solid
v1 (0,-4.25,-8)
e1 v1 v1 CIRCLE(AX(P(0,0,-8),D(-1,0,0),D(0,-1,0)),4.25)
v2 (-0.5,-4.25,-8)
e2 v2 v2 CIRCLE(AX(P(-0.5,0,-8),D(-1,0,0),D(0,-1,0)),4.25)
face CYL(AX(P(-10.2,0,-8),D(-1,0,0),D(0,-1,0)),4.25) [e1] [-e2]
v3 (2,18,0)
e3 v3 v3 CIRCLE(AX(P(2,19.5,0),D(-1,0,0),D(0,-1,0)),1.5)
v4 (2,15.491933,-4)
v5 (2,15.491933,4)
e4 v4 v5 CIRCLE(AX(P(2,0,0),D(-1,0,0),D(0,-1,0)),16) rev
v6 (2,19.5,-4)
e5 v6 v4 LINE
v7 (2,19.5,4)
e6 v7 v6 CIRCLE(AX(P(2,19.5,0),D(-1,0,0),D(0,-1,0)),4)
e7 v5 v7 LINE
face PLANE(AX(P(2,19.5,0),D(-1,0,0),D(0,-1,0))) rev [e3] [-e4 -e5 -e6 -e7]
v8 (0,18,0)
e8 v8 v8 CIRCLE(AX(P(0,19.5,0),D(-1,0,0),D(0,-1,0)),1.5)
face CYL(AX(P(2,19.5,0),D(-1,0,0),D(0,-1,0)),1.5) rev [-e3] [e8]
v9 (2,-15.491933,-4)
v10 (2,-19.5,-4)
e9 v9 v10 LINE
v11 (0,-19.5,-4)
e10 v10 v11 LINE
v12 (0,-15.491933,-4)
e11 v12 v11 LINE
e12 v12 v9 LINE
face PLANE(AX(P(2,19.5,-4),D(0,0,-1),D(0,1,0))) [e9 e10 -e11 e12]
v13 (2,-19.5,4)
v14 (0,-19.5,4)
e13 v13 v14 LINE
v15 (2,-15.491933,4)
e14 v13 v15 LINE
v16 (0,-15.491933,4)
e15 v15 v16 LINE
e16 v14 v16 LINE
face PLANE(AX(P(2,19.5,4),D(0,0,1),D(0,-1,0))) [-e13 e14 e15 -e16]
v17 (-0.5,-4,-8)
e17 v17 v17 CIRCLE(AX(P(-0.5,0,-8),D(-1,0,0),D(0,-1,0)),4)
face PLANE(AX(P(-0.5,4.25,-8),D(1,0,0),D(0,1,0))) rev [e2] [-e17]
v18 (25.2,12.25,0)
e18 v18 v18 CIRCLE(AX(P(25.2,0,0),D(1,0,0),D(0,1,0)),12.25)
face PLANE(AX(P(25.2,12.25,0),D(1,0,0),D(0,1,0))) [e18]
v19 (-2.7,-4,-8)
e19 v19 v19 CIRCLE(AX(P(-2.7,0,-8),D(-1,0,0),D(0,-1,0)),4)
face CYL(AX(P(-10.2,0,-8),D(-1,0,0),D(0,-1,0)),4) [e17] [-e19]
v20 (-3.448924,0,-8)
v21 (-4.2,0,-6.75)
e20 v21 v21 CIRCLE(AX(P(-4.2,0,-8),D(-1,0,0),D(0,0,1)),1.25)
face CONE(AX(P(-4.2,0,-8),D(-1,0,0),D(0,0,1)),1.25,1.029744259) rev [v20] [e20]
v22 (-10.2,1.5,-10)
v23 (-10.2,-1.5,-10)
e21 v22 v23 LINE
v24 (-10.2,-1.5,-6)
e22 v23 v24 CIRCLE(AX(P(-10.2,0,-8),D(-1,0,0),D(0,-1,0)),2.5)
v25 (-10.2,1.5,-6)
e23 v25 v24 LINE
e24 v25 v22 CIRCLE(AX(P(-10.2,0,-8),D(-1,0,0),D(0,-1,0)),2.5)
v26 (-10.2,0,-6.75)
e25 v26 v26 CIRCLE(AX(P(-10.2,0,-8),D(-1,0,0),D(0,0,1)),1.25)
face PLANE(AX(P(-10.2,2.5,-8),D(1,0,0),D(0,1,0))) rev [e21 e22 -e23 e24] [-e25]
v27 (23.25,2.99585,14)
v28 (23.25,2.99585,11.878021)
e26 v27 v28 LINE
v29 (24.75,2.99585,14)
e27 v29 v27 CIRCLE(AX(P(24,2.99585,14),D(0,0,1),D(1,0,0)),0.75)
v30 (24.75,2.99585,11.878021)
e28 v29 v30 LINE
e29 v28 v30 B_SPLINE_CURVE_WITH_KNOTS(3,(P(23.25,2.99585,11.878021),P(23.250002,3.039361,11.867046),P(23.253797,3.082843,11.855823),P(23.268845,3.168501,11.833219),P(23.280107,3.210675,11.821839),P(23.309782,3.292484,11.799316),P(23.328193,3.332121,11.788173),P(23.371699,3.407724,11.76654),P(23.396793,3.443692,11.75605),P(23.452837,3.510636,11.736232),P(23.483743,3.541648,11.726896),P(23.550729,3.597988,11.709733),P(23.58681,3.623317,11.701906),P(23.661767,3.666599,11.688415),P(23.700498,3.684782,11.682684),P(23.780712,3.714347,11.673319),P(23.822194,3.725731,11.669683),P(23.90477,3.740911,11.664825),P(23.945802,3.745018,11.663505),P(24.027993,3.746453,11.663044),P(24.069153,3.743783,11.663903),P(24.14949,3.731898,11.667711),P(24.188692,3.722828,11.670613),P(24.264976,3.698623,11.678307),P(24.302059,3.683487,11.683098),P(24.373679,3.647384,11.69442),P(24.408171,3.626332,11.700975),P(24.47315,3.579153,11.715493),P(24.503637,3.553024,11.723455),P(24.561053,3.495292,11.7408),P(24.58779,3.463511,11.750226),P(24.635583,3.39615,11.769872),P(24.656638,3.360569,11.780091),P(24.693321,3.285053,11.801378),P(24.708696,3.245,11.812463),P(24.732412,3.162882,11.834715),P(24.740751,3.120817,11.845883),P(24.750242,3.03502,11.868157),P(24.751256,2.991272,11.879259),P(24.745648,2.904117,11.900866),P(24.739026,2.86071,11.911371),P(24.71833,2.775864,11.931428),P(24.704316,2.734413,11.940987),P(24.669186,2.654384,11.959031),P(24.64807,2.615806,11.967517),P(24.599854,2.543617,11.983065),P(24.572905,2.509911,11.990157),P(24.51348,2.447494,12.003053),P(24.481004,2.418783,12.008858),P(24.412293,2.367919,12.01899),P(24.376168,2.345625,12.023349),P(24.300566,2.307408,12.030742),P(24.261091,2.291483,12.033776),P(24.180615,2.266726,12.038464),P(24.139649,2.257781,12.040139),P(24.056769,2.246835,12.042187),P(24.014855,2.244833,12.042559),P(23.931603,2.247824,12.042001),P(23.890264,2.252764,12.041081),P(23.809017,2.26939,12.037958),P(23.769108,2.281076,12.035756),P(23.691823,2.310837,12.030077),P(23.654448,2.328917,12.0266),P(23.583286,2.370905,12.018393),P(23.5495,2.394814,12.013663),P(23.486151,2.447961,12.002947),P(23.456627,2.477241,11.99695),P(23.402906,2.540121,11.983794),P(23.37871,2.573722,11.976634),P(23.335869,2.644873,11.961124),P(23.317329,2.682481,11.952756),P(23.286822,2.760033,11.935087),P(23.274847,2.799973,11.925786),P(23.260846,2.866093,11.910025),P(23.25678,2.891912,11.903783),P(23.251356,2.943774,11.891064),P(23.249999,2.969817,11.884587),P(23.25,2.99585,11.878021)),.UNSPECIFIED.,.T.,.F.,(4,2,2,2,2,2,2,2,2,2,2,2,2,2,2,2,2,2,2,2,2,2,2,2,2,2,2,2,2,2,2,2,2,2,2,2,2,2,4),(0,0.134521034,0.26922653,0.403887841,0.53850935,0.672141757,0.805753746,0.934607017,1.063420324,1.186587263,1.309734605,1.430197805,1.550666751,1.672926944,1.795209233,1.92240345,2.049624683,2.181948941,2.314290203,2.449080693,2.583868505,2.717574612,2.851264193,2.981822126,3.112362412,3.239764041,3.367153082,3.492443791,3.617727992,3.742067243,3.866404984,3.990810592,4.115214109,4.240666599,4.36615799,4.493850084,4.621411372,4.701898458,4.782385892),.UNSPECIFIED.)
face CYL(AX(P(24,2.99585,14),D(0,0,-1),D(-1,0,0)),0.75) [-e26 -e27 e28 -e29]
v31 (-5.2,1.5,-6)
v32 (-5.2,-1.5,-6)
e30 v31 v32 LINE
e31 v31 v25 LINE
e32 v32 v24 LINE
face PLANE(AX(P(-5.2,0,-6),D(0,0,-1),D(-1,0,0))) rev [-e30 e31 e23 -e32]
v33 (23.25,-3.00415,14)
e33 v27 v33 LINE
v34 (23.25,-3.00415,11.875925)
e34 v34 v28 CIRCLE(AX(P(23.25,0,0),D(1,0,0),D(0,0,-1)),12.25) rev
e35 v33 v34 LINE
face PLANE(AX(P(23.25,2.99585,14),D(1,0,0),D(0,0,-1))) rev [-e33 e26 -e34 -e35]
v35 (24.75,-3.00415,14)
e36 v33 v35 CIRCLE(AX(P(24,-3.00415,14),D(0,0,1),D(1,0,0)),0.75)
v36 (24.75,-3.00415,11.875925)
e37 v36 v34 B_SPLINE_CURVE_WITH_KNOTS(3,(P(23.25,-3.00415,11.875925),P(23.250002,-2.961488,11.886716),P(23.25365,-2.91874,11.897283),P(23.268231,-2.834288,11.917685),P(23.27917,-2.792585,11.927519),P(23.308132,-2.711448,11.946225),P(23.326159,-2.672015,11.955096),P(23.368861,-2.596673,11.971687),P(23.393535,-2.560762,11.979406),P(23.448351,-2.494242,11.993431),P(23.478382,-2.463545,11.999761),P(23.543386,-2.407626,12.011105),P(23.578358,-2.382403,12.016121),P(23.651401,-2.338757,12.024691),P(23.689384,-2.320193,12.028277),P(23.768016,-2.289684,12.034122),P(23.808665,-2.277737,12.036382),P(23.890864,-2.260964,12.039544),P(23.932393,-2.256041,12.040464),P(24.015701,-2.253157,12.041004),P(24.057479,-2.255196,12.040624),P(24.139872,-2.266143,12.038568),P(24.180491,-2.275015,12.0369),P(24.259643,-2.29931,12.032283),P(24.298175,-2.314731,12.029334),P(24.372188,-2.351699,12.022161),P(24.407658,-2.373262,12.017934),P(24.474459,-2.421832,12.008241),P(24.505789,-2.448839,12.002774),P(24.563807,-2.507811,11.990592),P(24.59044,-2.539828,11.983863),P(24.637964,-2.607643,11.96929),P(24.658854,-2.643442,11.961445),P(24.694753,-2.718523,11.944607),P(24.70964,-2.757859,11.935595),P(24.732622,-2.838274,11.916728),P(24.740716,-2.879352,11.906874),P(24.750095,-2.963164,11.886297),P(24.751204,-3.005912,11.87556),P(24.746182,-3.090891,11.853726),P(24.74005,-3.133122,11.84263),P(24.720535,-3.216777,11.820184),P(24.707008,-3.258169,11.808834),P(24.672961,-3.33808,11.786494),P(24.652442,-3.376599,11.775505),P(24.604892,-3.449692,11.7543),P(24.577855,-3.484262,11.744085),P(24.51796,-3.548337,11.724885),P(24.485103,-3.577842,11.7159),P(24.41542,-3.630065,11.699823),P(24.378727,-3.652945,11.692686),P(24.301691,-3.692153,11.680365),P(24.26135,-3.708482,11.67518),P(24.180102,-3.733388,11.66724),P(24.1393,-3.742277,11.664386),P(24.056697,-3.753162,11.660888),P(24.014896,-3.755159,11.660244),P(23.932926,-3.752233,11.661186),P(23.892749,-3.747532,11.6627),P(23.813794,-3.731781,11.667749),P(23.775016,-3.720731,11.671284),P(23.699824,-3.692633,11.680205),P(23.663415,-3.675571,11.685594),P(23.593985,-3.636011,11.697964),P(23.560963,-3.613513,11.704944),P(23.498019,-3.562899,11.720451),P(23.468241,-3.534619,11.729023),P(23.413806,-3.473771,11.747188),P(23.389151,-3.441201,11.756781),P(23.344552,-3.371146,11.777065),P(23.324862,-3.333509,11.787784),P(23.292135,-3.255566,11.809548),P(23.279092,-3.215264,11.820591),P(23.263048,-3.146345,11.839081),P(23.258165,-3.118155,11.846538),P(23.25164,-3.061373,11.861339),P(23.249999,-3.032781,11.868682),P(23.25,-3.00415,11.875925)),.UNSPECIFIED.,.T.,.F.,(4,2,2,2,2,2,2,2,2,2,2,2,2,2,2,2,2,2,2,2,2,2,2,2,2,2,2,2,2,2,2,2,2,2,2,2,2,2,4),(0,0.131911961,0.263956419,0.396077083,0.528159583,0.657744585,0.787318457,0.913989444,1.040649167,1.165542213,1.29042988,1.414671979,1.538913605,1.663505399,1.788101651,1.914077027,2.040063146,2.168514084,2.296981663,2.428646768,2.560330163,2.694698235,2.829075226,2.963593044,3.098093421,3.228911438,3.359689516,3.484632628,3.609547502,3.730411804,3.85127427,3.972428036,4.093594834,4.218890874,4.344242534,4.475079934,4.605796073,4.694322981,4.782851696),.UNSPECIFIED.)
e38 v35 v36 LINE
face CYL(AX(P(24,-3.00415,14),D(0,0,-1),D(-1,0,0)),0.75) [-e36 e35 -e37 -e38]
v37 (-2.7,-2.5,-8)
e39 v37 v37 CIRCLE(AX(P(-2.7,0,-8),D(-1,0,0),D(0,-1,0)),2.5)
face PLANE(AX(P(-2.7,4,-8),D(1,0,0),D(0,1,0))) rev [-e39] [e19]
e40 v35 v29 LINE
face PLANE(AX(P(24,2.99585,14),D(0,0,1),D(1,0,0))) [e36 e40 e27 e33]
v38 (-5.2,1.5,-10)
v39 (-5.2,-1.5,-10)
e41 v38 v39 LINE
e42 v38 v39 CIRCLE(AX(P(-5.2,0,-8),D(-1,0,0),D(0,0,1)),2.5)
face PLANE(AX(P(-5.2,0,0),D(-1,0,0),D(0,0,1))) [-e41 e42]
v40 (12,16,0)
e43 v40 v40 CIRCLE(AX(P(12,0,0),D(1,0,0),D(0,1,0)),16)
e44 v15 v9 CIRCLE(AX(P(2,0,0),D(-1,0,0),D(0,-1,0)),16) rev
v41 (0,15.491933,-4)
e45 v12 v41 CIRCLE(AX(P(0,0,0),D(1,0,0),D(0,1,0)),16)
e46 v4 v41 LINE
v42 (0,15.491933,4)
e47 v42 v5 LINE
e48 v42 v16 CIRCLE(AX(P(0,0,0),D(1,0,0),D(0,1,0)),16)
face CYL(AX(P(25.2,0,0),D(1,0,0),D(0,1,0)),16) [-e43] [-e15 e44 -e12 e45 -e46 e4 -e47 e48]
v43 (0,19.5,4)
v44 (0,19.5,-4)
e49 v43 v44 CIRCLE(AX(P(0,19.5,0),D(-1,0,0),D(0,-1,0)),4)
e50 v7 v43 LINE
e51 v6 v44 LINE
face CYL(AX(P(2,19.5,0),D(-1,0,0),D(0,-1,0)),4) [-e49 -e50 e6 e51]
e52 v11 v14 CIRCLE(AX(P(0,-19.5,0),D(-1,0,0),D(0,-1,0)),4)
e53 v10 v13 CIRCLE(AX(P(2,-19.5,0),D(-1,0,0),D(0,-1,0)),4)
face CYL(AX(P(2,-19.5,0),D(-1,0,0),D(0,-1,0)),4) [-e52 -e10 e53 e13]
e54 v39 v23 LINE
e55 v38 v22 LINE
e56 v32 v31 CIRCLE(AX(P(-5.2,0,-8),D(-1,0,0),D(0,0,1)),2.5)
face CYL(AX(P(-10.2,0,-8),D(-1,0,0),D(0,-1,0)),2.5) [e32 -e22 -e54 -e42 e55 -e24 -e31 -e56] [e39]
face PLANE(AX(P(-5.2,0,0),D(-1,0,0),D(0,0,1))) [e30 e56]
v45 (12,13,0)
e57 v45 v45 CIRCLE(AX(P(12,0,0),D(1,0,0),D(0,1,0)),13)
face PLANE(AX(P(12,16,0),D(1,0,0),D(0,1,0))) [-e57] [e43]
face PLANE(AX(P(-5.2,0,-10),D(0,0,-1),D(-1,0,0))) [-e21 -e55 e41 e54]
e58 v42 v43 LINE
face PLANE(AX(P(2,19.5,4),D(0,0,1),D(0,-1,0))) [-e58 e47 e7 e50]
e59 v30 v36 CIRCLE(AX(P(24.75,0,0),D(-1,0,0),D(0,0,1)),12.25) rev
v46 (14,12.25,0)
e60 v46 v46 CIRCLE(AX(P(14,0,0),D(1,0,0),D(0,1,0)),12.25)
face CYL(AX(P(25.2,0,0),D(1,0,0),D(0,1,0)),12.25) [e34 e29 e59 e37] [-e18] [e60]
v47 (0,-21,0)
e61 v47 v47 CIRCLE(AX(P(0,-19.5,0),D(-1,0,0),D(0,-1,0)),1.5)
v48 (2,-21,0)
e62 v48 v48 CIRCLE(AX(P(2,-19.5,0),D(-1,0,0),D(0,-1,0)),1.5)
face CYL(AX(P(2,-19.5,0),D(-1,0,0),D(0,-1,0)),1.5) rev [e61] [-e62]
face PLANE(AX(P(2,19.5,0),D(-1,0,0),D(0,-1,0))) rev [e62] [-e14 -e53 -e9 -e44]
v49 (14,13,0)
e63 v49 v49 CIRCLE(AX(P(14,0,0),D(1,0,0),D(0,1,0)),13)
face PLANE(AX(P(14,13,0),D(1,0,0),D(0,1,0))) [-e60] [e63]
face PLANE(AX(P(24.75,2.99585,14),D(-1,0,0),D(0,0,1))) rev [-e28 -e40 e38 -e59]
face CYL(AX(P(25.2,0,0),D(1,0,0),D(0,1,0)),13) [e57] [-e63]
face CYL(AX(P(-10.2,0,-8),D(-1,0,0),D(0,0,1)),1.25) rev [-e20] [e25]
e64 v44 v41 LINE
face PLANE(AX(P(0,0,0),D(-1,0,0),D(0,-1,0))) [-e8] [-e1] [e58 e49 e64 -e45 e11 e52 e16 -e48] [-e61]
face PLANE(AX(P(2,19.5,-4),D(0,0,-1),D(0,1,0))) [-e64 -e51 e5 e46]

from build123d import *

# Parameters (mm, degrees)
SKETCH_2_R             = 1.5
EXTRUDE_1_DEPTH        = 2
HOLE_WIZARD_M3_2_D     = 2.5
HOLE_WIZARD_M3_2_DEPTH = 6
HOLE_WIZARD_M3_2_TIP   = 0.751075774
CUT_EXTRUDE_1_DEPTH    = 5
EXTRUDE_2_DEPTH        = 14


with BuildPart() as part:
    # 草图1 → 旋转1 (revolve)
    with BuildSketch(Plane.XY):
        Polygon((0, 0), (0, 16), (12, 16), (12, 13), (14, 13), (14, 12.25), (25.2, 12.25), (25.2, 0), align=None)
    revolve(axis=Axis((25.2, 0, 0), (-1, 0, 0)))

    # 草图2 → 凸台-拉伸1 (add)
    with BuildSketch(Plane.ZY):
        with BuildLine():
            Line((4, 19.5), (4, -19.5))
            ThreePointArc((4, -19.5), (0, -23.5), (-4, -19.5))
            Line((-4, -19.5), (-4, 19.5))
            ThreePointArc((-4, 19.5), (0, 23.5), (4, 19.5))
        make_face()
        with Locations(Location((0, 19.5, 0), (0, 0, 270))):
            Circle(SKETCH_2_R, mode=Mode.SUBTRACT)
        with Locations(Location((0, -19.5, 0), (0, 0, 270))):
            Circle(SKETCH_2_R, mode=Mode.SUBTRACT)
    extrude(amount=-EXTRUDE_1_DEPTH)

    # 草图4 → 旋转2 (revolve)
    with BuildSketch(Plane.XY.offset(-8), mode=Mode.PRIVATE) as revolve_2_sk:
        Polygon((0, 0), (0, 4.25), (-0.5, 4.25), (-0.5, 4), (-2.7, 4), (-2.7, 2.5), (-10.2, 2.5), (-10.2, 0), align=None)
    revolve(revolve_2_sk.sketch.rotate(Axis((-10.2, 0, -8), (1, 0, 0)), 180), axis=Axis((-10.2, 0, -8), (1, 0, 0)))

    # M3 螺纹孔2
    with Locations(Plane.ZY.offset(10.2)):
        with Locations((-8, 0)):
            Hole(HOLE_WIZARD_M3_2_D / 2, depth=HOLE_WIZARD_M3_2_DEPTH)
            with Locations((0, 0, -(HOLE_WIZARD_M3_2_DEPTH + HOLE_WIZARD_M3_2_TIP / 2))):  # 118° drill point
                Cone(0, HOLE_WIZARD_M3_2_D / 2, HOLE_WIZARD_M3_2_TIP, mode=Mode.SUBTRACT)

    # 草图5 → 切除-拉伸1 (cut)
    with BuildSketch(Plane.ZY.offset(10.2)):
        with BuildLine():
            Line((-10, -1.5), (-10, 1.5))
            ThreePointArc((-10, 1.5), (-10.5, 0), (-10, -1.5))
        make_face()
        with BuildLine():
            ThreePointArc((-5.5, 0), (-5.628291755, 0.790569415), (-6, 1.5))
            Line((-6, 1.5), (-6, -1.5))
            ThreePointArc((-6, -1.5), (-5.628291755, -0.790569415), (-5.5, 0))
        make_face()
    extrude(amount=-CUT_EXTRUDE_1_DEPTH, mode=Mode.SUBTRACT)

    # 草图9 → 凸台-拉伸2 (add)
    with BuildSketch(Plane.XY):
        with BuildLine():
            Line((24.75, 2.995850319), (24.75, -3.004149681))
            ThreePointArc((24.75, -3.004149681), (24, -3.754149681), (23.25, -3.004149681))
            Line((23.25, -3.004149681), (23.25, 2.995850319))
            ThreePointArc((23.25, 2.995850319), (24, 3.745850319), (24.75, 2.995850319))
        make_face()
    extrude(amount=EXTRUDE_2_DEPTH)


solid = part.part
